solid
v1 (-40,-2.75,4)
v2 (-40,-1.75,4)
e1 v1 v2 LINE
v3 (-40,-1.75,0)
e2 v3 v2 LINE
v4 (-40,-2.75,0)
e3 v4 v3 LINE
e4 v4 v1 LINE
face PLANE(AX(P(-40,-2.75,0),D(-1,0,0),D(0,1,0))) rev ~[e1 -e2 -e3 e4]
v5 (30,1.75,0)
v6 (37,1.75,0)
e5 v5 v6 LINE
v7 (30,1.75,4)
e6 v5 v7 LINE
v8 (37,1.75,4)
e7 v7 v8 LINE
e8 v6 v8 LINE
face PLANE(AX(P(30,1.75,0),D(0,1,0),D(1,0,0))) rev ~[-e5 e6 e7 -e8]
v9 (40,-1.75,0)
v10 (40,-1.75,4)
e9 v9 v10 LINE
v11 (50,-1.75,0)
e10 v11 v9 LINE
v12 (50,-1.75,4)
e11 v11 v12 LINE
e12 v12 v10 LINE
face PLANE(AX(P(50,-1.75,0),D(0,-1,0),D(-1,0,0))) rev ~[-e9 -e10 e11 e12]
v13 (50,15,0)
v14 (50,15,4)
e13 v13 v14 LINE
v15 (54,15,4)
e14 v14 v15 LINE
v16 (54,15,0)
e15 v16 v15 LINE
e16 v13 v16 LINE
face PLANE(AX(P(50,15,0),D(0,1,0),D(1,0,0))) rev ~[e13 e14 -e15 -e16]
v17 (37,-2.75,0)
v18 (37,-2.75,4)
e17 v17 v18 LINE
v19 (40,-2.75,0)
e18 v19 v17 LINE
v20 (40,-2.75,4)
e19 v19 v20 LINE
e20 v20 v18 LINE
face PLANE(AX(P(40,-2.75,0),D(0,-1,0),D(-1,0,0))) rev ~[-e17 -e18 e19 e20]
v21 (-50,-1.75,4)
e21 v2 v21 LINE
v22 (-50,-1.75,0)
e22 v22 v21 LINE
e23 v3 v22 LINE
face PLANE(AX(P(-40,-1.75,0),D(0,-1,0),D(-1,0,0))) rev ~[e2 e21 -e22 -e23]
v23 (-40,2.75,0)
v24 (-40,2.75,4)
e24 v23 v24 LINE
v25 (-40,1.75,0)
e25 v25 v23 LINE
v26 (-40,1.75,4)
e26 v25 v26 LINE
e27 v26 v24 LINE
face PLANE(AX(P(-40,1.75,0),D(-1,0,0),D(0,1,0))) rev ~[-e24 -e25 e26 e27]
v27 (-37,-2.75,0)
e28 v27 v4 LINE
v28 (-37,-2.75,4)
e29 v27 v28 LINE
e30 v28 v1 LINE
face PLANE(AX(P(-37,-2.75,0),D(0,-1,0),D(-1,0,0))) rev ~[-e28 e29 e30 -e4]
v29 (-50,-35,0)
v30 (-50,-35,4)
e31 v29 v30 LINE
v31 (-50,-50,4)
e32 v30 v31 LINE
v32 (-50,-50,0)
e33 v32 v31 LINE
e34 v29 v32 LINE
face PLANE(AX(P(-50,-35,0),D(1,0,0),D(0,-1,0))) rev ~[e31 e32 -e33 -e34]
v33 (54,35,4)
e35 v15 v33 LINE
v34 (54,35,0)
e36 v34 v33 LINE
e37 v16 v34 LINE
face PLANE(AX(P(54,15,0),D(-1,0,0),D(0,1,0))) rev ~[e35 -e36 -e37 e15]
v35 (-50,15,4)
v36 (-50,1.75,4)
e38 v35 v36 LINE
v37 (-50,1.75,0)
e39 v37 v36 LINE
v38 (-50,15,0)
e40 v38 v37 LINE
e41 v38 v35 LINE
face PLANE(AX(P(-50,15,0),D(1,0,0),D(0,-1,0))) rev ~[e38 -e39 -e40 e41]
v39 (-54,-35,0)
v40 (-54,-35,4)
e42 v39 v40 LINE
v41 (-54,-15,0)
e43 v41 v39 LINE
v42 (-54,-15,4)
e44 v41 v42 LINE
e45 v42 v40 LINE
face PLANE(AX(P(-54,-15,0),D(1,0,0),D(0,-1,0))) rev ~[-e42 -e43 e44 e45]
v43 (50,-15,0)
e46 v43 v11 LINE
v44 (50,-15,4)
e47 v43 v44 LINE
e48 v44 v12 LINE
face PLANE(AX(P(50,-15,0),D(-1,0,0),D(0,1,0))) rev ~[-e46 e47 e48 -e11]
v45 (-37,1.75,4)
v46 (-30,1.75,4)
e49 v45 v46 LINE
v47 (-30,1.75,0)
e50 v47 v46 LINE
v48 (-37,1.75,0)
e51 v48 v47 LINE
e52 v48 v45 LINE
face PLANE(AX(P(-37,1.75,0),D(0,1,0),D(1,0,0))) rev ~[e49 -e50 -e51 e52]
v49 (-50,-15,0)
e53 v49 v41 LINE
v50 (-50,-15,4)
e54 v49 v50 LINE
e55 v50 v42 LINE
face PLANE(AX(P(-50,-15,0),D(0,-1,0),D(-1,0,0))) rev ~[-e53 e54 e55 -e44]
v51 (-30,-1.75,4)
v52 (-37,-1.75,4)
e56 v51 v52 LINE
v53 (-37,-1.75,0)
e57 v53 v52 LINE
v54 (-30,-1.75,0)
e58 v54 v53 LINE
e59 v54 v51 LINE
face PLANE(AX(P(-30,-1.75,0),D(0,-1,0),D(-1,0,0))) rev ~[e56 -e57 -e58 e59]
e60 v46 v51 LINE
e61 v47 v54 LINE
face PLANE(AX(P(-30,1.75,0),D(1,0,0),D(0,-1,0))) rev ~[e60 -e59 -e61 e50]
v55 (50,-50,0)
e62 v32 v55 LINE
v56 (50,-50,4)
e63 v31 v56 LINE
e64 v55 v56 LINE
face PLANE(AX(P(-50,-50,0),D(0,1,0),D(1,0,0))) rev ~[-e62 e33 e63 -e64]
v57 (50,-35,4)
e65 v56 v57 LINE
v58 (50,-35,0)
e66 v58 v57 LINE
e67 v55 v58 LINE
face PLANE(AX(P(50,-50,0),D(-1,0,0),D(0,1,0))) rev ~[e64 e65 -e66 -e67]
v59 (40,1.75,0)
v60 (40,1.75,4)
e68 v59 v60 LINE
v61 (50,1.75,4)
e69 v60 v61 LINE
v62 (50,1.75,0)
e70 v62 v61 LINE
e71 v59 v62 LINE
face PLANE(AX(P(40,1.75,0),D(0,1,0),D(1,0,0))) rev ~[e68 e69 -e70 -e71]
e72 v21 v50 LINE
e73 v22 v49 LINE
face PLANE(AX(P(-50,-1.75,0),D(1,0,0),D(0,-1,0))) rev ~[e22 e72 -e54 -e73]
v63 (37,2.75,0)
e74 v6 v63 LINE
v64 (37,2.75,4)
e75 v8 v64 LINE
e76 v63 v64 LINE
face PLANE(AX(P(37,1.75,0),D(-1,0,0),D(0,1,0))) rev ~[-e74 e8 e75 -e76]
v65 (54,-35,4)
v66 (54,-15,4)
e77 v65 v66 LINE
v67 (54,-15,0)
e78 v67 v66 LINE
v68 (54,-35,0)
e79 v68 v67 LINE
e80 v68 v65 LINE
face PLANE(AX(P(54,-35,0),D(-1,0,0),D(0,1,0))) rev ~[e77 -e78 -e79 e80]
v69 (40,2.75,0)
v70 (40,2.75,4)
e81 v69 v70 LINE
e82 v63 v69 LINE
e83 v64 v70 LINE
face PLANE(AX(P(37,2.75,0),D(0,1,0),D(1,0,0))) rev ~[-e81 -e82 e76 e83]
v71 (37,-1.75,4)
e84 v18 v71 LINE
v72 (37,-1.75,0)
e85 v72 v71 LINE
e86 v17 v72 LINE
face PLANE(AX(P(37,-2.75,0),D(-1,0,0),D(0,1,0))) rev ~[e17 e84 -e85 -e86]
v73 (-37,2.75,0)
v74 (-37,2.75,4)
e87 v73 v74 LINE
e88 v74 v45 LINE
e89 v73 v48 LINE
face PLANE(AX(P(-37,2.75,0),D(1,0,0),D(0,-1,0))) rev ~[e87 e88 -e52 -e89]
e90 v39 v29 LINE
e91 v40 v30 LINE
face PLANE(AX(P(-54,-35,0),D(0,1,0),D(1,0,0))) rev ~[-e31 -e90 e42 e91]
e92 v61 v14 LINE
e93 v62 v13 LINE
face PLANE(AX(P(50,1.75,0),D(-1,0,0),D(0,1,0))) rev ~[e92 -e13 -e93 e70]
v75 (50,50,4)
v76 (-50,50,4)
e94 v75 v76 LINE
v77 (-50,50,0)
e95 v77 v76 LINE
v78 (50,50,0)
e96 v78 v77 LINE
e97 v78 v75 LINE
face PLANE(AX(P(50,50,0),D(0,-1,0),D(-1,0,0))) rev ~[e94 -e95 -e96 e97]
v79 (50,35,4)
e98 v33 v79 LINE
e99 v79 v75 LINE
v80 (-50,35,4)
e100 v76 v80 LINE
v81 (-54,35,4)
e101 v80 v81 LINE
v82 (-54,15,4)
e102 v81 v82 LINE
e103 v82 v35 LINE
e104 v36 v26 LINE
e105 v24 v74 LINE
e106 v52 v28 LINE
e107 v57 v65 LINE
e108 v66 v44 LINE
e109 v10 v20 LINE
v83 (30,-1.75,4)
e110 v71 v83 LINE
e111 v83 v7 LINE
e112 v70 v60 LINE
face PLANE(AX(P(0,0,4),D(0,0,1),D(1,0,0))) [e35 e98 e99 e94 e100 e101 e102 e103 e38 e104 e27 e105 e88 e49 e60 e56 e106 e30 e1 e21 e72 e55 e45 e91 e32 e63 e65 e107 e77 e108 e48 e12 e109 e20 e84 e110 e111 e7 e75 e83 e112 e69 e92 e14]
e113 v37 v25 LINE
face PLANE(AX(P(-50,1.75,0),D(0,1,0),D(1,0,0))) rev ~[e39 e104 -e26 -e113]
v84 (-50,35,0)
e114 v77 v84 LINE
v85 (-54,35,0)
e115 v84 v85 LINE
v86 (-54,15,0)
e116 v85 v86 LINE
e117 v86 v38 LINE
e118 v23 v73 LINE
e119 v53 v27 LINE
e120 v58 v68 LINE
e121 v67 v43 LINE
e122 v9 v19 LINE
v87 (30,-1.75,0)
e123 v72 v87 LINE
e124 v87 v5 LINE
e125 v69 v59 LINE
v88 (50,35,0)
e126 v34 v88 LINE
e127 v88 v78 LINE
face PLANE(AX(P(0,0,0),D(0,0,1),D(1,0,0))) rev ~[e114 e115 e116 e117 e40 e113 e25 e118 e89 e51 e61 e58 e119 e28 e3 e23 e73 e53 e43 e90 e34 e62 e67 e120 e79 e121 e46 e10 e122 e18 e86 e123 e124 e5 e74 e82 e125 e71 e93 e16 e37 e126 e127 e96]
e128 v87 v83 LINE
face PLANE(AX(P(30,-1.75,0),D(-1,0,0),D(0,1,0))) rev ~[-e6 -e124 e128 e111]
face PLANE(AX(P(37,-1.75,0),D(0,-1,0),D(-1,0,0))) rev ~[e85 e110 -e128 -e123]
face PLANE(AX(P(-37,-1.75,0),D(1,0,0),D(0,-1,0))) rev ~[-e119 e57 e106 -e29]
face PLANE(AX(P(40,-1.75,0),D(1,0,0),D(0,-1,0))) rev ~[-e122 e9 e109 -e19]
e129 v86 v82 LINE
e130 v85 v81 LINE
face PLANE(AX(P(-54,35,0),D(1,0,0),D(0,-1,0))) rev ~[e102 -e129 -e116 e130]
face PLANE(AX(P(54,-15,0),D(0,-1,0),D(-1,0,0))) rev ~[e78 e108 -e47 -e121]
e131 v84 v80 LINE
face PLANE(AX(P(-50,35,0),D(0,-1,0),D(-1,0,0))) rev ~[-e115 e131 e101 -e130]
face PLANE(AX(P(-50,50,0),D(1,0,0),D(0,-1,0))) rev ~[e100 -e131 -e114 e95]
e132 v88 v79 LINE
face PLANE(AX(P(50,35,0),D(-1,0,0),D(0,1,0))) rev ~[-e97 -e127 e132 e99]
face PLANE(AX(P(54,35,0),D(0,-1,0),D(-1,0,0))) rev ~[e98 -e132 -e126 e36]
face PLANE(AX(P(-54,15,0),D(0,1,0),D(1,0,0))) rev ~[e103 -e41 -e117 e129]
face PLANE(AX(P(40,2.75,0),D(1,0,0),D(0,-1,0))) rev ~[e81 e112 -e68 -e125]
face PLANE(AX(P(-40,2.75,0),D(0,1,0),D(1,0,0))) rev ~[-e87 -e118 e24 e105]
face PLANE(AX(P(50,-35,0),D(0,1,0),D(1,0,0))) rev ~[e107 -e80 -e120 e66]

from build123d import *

# Parameters (mm, degrees)
F1_DEPTH = 4


with BuildPart() as f1:
    # F0 (on Top) → F1 (new body)
    with BuildSketch(Plane.XY):
        Polygon((-50, -50), (50, -50), (50, -35), (54, -35), (54, -15), (50, -15), (50, -1.75), (40, -1.75), (40, -2.75), (37, -2.75), (37, -1.75), (30, -1.75), (30, 1.75), (37, 1.75), (37, 2.75), (40, 2.75), (40, 1.75), (50, 1.75), (50, 15), (54, 15), (54, 35), (50, 35), (50, 50), (-50, 50), (-50, 35), (-54, 35), (-54, 15), (-50, 15), (-50, 1.75), (-40, 1.75), (-40, 2.75), (-37, 2.75), (-37, 1.75), (-30, 1.75), (-30, -1.75), (-37, -1.75), (-37, -2.75), (-40, -2.75), (-40, -1.75), (-50, -1.75), (-50, -15), (-54, -15), (-54, -35), (-50, -35), align=None)
    extrude(amount=F1_DEPTH)


solid = f1.part
